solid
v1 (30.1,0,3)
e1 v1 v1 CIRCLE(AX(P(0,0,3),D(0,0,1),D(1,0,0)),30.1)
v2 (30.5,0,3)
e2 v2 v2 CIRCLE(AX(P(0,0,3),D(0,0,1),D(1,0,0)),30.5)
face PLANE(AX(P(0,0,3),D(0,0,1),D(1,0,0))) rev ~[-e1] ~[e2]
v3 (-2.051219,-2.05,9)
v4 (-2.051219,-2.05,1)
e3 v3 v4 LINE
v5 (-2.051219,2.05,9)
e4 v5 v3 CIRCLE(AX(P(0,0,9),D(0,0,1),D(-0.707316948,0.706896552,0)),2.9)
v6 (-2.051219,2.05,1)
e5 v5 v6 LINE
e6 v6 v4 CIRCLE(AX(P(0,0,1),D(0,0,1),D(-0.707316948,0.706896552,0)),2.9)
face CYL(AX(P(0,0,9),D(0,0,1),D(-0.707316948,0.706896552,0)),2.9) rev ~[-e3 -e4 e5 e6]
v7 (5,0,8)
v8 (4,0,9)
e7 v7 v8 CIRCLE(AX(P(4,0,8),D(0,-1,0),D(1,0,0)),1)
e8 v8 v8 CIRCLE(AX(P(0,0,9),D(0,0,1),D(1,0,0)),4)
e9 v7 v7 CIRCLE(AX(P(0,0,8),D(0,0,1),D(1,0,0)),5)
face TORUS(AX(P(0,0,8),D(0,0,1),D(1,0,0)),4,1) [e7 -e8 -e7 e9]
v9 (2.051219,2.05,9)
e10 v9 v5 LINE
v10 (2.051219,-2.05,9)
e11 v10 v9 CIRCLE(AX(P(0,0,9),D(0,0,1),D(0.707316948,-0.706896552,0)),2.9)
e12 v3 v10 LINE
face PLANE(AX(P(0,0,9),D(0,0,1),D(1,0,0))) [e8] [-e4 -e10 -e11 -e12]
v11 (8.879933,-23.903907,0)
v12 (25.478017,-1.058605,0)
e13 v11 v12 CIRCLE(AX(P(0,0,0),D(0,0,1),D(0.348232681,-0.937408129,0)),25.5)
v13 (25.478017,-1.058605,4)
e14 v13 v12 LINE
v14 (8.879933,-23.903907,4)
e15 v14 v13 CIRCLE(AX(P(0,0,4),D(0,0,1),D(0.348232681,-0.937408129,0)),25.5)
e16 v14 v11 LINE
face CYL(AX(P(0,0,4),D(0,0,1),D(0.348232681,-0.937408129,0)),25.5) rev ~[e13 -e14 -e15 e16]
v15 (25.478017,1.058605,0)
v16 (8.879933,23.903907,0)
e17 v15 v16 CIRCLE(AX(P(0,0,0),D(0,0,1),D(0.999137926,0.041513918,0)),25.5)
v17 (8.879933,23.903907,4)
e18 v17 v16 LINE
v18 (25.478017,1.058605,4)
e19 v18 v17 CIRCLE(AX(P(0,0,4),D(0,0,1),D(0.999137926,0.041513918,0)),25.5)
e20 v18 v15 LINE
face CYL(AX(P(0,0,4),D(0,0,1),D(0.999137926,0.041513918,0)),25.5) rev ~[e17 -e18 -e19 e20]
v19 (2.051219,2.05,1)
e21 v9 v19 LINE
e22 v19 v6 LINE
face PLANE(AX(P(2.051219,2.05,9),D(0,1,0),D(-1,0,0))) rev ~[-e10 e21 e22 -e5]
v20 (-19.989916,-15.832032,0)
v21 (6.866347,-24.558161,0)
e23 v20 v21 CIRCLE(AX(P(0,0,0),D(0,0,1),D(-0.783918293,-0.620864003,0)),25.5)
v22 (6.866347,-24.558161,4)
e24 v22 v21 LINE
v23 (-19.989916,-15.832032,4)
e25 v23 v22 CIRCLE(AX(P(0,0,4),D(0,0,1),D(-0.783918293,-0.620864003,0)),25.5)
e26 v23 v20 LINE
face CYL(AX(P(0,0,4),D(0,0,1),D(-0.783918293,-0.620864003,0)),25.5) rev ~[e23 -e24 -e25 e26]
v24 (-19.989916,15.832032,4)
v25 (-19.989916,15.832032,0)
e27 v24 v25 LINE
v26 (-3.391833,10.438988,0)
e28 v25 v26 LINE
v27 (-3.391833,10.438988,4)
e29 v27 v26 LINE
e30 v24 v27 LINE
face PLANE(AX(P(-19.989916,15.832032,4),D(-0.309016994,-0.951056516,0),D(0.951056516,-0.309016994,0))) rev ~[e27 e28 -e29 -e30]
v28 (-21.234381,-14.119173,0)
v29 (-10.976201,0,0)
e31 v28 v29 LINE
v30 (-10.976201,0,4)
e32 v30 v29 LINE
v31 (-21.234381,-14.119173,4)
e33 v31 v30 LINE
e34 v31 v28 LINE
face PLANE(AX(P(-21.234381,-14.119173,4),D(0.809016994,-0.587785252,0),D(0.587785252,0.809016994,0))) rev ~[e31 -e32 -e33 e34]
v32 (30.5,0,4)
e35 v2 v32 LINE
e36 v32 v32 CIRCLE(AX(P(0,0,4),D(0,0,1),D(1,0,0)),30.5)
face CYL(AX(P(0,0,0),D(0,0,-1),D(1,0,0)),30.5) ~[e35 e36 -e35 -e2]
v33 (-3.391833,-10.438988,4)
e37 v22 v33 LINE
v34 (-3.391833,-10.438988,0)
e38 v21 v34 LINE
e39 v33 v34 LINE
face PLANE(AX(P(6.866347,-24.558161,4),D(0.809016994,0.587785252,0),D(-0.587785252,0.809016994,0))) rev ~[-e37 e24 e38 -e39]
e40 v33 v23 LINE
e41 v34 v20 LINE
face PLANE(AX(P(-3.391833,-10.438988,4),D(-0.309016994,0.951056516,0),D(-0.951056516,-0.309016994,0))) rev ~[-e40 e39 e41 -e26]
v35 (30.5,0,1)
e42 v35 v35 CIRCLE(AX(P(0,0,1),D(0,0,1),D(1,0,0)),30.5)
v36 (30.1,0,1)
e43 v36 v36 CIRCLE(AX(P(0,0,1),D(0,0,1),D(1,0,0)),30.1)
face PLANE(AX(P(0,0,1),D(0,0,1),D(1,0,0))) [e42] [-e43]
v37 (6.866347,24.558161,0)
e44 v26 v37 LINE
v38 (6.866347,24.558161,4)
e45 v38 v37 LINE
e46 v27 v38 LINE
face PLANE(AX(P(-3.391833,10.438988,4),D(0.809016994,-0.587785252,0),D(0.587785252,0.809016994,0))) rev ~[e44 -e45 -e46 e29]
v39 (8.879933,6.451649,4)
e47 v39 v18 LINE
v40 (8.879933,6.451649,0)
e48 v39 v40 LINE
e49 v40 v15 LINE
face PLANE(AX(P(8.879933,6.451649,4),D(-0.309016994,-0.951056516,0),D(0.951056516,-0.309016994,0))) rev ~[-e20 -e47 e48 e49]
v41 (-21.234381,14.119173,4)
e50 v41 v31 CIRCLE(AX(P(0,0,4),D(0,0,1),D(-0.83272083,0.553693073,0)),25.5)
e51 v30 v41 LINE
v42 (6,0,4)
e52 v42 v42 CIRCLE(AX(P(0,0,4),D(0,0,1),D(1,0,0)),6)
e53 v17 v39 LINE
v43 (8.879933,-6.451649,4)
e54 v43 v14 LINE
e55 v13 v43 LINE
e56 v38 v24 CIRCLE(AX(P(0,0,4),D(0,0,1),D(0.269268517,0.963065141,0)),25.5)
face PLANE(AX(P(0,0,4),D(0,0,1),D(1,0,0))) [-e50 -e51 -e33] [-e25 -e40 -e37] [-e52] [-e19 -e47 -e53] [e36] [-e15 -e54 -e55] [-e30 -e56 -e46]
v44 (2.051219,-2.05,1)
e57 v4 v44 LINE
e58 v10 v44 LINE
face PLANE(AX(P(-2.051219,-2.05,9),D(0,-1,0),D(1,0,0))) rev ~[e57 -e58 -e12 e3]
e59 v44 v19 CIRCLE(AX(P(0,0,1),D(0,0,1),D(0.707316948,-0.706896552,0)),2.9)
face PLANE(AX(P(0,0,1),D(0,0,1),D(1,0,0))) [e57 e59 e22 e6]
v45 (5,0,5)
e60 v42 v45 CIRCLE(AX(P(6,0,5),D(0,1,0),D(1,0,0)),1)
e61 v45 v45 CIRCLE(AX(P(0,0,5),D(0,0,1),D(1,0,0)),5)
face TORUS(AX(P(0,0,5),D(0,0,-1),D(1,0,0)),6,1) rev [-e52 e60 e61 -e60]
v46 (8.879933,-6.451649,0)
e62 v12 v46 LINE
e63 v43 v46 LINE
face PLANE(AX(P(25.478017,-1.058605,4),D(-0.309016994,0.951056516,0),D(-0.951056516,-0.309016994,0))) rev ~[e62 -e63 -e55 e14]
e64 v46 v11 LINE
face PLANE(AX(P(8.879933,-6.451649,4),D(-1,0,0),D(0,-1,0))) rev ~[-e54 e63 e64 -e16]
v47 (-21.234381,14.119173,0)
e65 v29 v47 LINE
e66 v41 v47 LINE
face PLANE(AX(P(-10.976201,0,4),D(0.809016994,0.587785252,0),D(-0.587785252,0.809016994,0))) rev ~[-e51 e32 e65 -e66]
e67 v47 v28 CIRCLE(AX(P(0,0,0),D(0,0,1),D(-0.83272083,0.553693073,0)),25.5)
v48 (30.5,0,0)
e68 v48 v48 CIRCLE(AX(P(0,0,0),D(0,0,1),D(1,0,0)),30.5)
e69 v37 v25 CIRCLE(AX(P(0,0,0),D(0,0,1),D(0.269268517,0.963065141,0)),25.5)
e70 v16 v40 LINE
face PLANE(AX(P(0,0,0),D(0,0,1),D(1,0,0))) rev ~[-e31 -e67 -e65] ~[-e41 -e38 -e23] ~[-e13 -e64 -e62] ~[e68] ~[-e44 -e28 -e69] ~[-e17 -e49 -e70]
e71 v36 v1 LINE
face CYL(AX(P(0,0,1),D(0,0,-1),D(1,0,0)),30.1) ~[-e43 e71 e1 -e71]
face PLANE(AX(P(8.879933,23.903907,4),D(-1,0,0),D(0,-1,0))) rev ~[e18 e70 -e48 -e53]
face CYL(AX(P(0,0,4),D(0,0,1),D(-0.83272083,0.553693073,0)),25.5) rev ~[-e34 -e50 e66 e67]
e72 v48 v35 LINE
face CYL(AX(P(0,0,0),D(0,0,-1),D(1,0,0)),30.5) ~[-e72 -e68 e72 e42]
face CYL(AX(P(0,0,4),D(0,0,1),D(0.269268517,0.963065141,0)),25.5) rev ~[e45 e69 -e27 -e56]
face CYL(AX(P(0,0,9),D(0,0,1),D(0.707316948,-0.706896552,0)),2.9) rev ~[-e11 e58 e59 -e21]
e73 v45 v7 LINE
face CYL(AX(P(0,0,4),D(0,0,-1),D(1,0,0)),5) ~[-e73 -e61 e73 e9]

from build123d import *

# Parameters (mm, degrees)
F0_R      = 30.5
F1_DEPTH  = 4
F3_R      = 30.5
F3_R_2    = 30.1
F4_DEPTH  = 2
F5_R      = 5
F6_DEPTH  = 5
F8_DEPTH  = 8
F10_DEPTH = 25
F11_R     = 1


with BuildPart() as f1:
    # F0 (on Top) → F1 (new body)
    with BuildSketch(Plane.XY):
        Circle(F0_R)
    extrude(amount=F1_DEPTH)

    # F3 (on offset) → F4 (cut)
    with BuildSketch(Plane.XY.offset(1)):
        Circle(F3_R)
        Circle(F3_R_2, mode=Mode.SUBTRACT)
    extrude(amount=F4_DEPTH, mode=Mode.SUBTRACT)

    # F5 (on face) → F6 (join)
    with BuildSketch(Plane.XY.offset(4)):
        Circle(F5_R)
    extrude(amount=F6_DEPTH)

    # F7 (on face) → F8 (cut, through all)
    with BuildSketch(Plane.XY.offset(9)):
        with BuildLine():
            Line((2.0512191497, 2.05), (-2.0512191497, 2.05))
            ThreePointArc((-2.0512191497, 2.05), (-2.9, 0), (-2.0512191497, -2.05))
            Line((-2.0512191497, -2.05), (2.0512191497, -2.05))
            ThreePointArc((2.0512191497, -2.05), (2.9, 0), (2.0512191497, 2.05))
        make_face()
    extrude(amount=-F8_DEPTH, mode=Mode.SUBTRACT)

    # F9 (on face) → F10 (cut)
    with BuildSketch(Plane.XY.offset(4)):
        with BuildLine():
            Line((-3.3918327244, 10.4389877367), (6.8663471811, 24.5581610954))
            ThreePointArc((6.8663471811, 24.5581610954), (-7.8799333566, 24.2519411655), (-19.9899164741, 15.8320320667))
            Line((-19.9899164741, 15.8320320667), (-3.3918327244, 10.4389877367))
        make_face()
        with BuildLine():
            Line((8.8799333566, 6.4516492294), (25.4780171063, 1.0586048994))
            ThreePointArc((25.4780171063, 1.0586048994), (20.6299333566, 14.9885239335), (8.8799333566, 23.9039072869))
            Line((8.8799333566, 23.9039072869), (8.8799333566, 6.4516492294))
        make_face()
        with BuildLine():
            ThreePointArc((8.8799333566, -23.9039072869), (20.6299333566, -14.9885239335), (25.4780171063, -1.0586048994))
            Line((25.4780171063, -1.0586048994), (8.8799333566, -6.4516492294))
            Line((8.8799333566, -6.4516492294), (8.8799333566, -23.9039072869))
        make_face()
        with BuildLine():
            ThreePointArc((-19.9899164741, -15.8320320667), (-7.8799333566, -24.2519411655), (6.8663471811, -24.5581610954))
            Line((6.8663471811, -24.5581610954), (-3.3918327244, -10.4389877367))
            Line((-3.3918327244, -10.4389877367), (-19.9899164741, -15.8320320667))
        make_face()
        with BuildLine():
            Line((-10.9762012644, 0), (-21.2343811698, 14.1191733588))
            ThreePointArc((-21.2343811698, 14.1191733588), (-25.5, 0), (-21.2343811698, -14.1191733588))
            Line((-21.2343811698, -14.1191733588), (-10.9762012644, 0))
        make_face()
    extrude(amount=-F10_DEPTH, mode=Mode.SUBTRACT)

    # F11
    f11_edges = [f1.edges().sort_by_distance(p)[0] for p in [
        (-5, 0, 9),
        (-5, 0, 4),
    ]]
    fillet(f11_edges, radius=F11_R)


solid = f1.part
